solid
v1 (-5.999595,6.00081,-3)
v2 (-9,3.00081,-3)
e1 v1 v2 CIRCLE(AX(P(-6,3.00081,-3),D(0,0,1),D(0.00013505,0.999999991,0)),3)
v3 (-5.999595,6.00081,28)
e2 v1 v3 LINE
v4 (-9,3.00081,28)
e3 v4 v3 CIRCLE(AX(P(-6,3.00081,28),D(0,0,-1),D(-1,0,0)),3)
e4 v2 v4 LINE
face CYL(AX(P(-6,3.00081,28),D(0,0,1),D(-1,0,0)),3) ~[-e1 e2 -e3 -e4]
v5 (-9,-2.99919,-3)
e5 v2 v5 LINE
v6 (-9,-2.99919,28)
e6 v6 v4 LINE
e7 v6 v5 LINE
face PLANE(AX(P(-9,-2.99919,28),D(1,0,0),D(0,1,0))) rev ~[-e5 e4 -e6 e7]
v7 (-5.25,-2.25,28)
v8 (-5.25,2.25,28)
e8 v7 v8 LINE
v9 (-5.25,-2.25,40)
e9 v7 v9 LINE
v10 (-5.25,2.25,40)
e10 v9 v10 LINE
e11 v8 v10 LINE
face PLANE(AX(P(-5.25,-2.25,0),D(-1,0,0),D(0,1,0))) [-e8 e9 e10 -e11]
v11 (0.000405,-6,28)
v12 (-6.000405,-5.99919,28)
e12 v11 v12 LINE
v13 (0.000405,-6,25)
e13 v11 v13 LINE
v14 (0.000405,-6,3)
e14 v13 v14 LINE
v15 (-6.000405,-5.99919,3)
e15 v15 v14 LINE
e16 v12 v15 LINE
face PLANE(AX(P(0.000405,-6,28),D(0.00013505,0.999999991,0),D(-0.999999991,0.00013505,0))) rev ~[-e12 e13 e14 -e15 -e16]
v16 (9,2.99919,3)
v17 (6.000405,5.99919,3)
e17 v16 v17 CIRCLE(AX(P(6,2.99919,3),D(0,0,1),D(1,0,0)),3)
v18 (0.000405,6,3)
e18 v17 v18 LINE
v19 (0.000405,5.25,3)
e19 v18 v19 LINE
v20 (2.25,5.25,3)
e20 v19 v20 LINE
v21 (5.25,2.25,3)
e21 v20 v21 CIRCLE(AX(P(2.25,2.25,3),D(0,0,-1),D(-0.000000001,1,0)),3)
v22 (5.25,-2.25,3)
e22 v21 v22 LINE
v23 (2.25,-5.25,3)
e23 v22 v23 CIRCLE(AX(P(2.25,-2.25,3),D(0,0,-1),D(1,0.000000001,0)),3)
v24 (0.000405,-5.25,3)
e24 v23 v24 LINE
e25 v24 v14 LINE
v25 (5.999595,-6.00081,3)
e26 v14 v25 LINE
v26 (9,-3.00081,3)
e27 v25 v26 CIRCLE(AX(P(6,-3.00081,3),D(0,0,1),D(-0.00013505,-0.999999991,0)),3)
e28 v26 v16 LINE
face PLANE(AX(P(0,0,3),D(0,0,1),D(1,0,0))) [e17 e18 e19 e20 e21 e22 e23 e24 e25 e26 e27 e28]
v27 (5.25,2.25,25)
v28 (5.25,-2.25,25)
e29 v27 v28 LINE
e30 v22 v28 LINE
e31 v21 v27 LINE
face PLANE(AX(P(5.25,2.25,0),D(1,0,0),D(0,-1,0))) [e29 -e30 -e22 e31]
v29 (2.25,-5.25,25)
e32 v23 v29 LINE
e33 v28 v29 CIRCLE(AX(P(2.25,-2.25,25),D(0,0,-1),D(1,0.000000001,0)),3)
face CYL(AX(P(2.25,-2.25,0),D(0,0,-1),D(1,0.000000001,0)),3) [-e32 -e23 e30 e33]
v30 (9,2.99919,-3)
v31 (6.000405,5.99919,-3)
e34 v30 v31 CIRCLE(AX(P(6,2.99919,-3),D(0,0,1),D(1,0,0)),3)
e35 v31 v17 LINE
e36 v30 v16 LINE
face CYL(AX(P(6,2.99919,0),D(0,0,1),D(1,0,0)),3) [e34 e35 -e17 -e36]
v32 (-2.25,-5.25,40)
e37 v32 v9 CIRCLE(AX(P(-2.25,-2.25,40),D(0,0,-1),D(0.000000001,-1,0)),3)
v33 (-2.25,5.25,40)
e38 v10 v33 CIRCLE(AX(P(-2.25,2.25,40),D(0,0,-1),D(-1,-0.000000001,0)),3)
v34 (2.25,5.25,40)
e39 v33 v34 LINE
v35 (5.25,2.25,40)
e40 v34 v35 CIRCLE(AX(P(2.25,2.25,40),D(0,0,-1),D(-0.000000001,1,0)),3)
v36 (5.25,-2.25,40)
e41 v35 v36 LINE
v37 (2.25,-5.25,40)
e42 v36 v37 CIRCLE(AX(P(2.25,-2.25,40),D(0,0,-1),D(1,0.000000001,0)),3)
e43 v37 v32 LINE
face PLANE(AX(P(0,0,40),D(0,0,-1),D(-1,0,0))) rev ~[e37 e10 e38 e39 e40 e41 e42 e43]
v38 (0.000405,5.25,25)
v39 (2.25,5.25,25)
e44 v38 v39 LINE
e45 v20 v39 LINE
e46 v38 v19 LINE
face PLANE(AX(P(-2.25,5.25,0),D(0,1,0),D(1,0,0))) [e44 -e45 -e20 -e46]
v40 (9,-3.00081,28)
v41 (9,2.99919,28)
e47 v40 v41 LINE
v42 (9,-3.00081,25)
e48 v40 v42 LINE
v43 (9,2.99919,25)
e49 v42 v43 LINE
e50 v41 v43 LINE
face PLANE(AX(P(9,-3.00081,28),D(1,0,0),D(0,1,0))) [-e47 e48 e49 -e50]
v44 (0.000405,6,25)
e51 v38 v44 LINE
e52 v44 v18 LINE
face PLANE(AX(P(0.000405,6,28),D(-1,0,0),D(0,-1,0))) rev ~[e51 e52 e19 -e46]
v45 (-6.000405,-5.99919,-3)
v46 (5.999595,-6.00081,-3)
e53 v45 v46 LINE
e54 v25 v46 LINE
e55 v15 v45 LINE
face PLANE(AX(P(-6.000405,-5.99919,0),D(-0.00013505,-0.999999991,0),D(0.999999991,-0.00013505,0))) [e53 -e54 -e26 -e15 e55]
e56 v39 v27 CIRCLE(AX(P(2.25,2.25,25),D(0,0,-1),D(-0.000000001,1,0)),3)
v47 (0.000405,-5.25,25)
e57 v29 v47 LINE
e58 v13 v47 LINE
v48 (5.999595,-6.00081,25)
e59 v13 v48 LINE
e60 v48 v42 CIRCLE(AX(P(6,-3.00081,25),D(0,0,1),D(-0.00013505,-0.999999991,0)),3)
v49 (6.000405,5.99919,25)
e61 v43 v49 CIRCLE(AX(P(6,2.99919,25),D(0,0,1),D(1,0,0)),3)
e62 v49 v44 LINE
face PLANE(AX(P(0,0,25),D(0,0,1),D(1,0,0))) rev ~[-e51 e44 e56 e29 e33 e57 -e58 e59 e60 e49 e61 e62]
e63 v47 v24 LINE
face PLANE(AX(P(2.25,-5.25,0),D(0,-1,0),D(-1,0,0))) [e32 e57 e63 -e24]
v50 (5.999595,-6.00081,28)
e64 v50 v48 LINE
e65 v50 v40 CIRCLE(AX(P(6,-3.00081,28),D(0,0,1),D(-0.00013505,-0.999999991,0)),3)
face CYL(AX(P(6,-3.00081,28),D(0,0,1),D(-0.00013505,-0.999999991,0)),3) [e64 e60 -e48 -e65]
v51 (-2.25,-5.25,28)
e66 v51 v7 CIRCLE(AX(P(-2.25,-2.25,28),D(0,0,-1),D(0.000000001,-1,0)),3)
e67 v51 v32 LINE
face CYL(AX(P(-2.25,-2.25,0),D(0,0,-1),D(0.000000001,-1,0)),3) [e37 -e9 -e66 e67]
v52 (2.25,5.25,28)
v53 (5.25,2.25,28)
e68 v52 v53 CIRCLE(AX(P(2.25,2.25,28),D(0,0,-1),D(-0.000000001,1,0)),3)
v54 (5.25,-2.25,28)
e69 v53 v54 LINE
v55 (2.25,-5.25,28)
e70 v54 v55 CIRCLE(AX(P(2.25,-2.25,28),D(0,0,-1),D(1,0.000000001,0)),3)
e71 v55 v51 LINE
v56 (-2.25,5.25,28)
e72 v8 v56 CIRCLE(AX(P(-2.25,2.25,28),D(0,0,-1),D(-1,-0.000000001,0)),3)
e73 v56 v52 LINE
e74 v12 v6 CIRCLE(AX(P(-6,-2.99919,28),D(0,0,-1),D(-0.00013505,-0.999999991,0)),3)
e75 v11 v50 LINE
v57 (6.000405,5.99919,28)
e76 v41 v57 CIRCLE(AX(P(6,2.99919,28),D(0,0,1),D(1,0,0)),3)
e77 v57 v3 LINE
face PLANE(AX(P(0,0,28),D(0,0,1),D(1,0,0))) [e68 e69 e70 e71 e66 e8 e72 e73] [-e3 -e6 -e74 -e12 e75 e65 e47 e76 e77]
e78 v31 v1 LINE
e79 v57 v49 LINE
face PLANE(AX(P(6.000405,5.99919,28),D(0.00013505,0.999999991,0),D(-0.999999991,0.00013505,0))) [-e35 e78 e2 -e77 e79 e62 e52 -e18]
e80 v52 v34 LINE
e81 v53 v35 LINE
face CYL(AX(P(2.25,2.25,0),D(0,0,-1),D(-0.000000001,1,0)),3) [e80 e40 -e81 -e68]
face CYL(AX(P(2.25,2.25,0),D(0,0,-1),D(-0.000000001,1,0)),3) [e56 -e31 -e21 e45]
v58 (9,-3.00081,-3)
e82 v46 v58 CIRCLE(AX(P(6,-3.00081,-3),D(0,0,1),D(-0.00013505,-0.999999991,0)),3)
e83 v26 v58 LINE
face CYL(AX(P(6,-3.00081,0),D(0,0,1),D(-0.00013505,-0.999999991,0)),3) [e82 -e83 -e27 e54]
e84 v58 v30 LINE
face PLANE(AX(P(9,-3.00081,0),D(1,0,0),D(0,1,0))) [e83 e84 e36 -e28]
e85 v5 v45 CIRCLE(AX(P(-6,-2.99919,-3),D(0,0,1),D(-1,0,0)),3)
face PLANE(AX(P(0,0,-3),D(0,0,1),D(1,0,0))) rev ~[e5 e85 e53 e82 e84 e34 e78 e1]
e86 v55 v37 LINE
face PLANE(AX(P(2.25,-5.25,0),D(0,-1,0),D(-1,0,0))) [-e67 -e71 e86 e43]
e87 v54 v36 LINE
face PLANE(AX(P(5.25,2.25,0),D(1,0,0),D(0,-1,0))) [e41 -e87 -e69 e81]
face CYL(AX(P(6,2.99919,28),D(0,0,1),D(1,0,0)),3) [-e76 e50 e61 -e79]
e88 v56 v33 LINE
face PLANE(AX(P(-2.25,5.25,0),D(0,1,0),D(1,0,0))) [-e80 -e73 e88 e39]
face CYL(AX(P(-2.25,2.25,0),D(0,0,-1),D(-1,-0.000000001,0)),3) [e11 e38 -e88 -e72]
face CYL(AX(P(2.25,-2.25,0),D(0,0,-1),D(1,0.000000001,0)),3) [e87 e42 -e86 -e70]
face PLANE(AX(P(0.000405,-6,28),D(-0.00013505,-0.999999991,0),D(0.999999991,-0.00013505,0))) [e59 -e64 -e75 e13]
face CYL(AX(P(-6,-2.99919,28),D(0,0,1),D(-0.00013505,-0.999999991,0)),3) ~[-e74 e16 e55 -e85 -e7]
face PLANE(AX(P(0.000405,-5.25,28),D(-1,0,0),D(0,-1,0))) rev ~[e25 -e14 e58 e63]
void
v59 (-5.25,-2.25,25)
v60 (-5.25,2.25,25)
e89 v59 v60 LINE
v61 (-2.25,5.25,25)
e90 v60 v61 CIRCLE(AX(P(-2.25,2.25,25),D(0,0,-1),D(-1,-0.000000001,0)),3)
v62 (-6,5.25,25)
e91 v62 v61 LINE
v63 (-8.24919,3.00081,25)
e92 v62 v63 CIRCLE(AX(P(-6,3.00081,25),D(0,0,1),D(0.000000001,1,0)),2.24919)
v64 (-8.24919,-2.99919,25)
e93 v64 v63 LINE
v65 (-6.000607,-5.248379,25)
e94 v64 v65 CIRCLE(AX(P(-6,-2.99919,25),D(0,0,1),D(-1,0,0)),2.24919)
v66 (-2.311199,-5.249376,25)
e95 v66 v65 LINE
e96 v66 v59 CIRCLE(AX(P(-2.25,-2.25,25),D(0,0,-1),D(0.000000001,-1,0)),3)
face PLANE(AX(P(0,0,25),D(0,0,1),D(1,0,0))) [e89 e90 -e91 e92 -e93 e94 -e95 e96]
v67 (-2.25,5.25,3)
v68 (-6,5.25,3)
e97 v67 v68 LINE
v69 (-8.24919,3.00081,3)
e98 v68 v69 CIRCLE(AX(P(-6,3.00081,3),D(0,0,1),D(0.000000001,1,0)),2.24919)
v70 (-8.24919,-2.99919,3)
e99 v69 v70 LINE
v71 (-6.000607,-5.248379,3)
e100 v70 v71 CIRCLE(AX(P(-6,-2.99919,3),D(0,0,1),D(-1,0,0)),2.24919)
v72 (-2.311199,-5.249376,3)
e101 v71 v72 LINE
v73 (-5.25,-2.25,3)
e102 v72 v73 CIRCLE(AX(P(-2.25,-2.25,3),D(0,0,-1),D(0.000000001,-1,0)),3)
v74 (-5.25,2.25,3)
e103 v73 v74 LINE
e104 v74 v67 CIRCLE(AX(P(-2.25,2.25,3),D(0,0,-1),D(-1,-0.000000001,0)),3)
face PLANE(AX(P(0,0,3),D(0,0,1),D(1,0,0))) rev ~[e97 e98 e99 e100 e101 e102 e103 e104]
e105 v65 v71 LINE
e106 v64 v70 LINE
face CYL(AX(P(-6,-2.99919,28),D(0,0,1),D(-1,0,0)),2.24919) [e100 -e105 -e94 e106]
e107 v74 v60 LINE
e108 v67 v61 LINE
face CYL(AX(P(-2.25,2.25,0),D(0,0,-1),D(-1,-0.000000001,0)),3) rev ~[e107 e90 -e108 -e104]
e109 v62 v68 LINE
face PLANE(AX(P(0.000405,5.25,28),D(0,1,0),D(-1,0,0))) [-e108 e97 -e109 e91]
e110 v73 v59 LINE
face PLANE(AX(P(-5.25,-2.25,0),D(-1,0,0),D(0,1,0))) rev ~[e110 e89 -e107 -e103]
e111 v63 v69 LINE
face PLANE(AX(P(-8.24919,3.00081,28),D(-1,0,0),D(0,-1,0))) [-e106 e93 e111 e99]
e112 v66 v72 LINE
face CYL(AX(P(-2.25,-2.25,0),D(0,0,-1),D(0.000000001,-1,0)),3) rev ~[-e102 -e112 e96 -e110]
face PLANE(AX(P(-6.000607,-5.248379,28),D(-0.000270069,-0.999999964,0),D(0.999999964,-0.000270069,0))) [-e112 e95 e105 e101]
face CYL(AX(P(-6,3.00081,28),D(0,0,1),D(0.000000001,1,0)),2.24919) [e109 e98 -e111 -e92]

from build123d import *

# Parameters (mm, degrees)
BOSS_EXTRUDE1_DEPTH = 40
BOSS_EXTRUDE2_DEPTH = 3
BOSS_EXTRUDE3_START = 25
BOSS_EXTRUDE3_DEPTH = 25
BOSS_EXTRUDE4_START = -12
BOSS_EXTRUDE4_DEPTH = 3


with BuildPart() as part:
    # Sketch1 → Boss-Extrude1 (new body)
    with BuildSketch(Plane.XY):
        with BuildLine():
            Line((-2.25, 5.25), (2.25, 5.25))
            ThreePointArc((2.25, 5.25), (4.371320344, 4.371320344), (5.25, 2.25))
            Line((5.25, 2.25), (5.25, -2.25))
            ThreePointArc((5.25, -2.25), (4.371320344, -4.371320344), (2.25, -5.25))
            Line((2.25, -5.25), (-2.25, -5.25))
            ThreePointArc((-2.25, -5.25), (-4.371320344, -4.371320344), (-5.25, -2.25))
            Line((-5.25, -2.25), (-5.25, 2.25))
            ThreePointArc((-5.25, 2.25), (-4.371320344, 4.371320344), (-2.25, 5.25))
        make_face()
    extrude(amount=BOSS_EXTRUDE1_DEPTH)

    # Sketch2 → Boss-Extrude2 (add, symmetric)
    with BuildSketch(Plane.XY):
        with BuildLine():
            Line((8.999999945, -3.000810302), (8.999999945, 2.999189698))
            ThreePointArc((8.999999945, 2.999189698), (8.121463527, 5.120366794), (6.000405096, 5.999189671))
            Line((6.000405096, 5.999189671), (-5.999594794, 6.000810275))
            ThreePointArc((-5.999594794, 6.000810275), (-8.121177041, 5.122273883), (-8.999999945, 3.000810302))
            Line((-8.999999945, 3.000810302), (-8.999999945, -2.999189698))
            ThreePointArc((-8.999999945, -2.999189698), (-8.121463527, -5.120366794), (-6.000405096, -5.999189671))
            Line((-6.000405096, -5.999189671), (5.999594794, -6.000810275))
            ThreePointArc((5.999594794, -6.000810275), (8.121177041, -5.122273883), (8.999999945, -3.000810302))
        make_face()
    extrude(amount=BOSS_EXTRUDE2_DEPTH, both=True)

    # Sketch3 → Boss-Extrude3 (add)
    with BuildSketch(Plane.XY.offset(3).offset(BOSS_EXTRUDE3_START)):
        with BuildLine():
            Line((0.000405151, 5.25), (-5.999999945, 5.25))
            ThreePointArc((-5.999999945, 5.25), (-7.590417233, 4.59122759), (-8.249189643, 3.000810302))
            Line((-8.249189643, 3.000810302), (-8.249189643, -2.999189698))
            ThreePointArc((-8.249189643, -2.999189698), (-7.590631979, -4.58939221), (-6.000607381, -5.248379314))
            Line((-6.000607381, -5.248379314), (0.000405151, -5.25))
            Line((0.000405151, -5.25), (0.000405151, -6.000000082))
            Line((0.000405151, -6.000000082), (-6.000405096, -5.999189671))
            ThreePointArc((-6.000405096, -5.999189671), (-8.121463527, -5.120366794), (-8.999999945, -2.999189698))
            Line((-8.999999945, -2.999189698), (-8.999999945, 3.000810302))
            ThreePointArc((-8.999999945, 3.000810302), (-8.121177041, 5.122273883), (-5.999594794, 6.000810275))
            Line((-5.999594794, 6.000810275), (0.000405151, 5.999999973))
            Line((0.000405151, 5.999999973), (0.000405151, 5.25))
        make_face()
    extrude(amount=-BOSS_EXTRUDE3_DEPTH)

    # Sketch5 → Boss-Extrude4 (add)
    with BuildSketch(Plane.XY.offset(40).offset(BOSS_EXTRUDE4_START)):
        with BuildLine():
            Line((0.000405151, -6.000000082), (5.999594794, -6.000810275))
            ThreePointArc((5.999594794, -6.000810275), (8.121177041, -5.122273883), (8.999999945, -3.000810302))
            Line((8.999999945, -3.000810302), (8.999999945, 2.999189698))
            ThreePointArc((8.999999945, 2.999189698), (8.121463527, 5.120366794), (6.000405096, 5.999189671))
            Line((6.000405096, 5.999189671), (0.000405151, 5.999999973))
            Line((0.000405151, 5.999999973), (-5.999594794, 6.000810275))
            ThreePointArc((-5.999594794, 6.000810275), (-8.121177041, 5.122273883), (-8.999999945, 3.000810302))
            Line((-8.999999945, 3.000810302), (-8.999999945, -2.999189698))
            ThreePointArc((-8.999999945, -2.999189698), (-8.121463527, -5.120366794), (-6.000405096, -5.999189671))
            Line((-6.000405096, -5.999189671), (0.000405151, -6.000000082))
        make_face()
    extrude(amount=-BOSS_EXTRUDE4_DEPTH)


solid = part.part
